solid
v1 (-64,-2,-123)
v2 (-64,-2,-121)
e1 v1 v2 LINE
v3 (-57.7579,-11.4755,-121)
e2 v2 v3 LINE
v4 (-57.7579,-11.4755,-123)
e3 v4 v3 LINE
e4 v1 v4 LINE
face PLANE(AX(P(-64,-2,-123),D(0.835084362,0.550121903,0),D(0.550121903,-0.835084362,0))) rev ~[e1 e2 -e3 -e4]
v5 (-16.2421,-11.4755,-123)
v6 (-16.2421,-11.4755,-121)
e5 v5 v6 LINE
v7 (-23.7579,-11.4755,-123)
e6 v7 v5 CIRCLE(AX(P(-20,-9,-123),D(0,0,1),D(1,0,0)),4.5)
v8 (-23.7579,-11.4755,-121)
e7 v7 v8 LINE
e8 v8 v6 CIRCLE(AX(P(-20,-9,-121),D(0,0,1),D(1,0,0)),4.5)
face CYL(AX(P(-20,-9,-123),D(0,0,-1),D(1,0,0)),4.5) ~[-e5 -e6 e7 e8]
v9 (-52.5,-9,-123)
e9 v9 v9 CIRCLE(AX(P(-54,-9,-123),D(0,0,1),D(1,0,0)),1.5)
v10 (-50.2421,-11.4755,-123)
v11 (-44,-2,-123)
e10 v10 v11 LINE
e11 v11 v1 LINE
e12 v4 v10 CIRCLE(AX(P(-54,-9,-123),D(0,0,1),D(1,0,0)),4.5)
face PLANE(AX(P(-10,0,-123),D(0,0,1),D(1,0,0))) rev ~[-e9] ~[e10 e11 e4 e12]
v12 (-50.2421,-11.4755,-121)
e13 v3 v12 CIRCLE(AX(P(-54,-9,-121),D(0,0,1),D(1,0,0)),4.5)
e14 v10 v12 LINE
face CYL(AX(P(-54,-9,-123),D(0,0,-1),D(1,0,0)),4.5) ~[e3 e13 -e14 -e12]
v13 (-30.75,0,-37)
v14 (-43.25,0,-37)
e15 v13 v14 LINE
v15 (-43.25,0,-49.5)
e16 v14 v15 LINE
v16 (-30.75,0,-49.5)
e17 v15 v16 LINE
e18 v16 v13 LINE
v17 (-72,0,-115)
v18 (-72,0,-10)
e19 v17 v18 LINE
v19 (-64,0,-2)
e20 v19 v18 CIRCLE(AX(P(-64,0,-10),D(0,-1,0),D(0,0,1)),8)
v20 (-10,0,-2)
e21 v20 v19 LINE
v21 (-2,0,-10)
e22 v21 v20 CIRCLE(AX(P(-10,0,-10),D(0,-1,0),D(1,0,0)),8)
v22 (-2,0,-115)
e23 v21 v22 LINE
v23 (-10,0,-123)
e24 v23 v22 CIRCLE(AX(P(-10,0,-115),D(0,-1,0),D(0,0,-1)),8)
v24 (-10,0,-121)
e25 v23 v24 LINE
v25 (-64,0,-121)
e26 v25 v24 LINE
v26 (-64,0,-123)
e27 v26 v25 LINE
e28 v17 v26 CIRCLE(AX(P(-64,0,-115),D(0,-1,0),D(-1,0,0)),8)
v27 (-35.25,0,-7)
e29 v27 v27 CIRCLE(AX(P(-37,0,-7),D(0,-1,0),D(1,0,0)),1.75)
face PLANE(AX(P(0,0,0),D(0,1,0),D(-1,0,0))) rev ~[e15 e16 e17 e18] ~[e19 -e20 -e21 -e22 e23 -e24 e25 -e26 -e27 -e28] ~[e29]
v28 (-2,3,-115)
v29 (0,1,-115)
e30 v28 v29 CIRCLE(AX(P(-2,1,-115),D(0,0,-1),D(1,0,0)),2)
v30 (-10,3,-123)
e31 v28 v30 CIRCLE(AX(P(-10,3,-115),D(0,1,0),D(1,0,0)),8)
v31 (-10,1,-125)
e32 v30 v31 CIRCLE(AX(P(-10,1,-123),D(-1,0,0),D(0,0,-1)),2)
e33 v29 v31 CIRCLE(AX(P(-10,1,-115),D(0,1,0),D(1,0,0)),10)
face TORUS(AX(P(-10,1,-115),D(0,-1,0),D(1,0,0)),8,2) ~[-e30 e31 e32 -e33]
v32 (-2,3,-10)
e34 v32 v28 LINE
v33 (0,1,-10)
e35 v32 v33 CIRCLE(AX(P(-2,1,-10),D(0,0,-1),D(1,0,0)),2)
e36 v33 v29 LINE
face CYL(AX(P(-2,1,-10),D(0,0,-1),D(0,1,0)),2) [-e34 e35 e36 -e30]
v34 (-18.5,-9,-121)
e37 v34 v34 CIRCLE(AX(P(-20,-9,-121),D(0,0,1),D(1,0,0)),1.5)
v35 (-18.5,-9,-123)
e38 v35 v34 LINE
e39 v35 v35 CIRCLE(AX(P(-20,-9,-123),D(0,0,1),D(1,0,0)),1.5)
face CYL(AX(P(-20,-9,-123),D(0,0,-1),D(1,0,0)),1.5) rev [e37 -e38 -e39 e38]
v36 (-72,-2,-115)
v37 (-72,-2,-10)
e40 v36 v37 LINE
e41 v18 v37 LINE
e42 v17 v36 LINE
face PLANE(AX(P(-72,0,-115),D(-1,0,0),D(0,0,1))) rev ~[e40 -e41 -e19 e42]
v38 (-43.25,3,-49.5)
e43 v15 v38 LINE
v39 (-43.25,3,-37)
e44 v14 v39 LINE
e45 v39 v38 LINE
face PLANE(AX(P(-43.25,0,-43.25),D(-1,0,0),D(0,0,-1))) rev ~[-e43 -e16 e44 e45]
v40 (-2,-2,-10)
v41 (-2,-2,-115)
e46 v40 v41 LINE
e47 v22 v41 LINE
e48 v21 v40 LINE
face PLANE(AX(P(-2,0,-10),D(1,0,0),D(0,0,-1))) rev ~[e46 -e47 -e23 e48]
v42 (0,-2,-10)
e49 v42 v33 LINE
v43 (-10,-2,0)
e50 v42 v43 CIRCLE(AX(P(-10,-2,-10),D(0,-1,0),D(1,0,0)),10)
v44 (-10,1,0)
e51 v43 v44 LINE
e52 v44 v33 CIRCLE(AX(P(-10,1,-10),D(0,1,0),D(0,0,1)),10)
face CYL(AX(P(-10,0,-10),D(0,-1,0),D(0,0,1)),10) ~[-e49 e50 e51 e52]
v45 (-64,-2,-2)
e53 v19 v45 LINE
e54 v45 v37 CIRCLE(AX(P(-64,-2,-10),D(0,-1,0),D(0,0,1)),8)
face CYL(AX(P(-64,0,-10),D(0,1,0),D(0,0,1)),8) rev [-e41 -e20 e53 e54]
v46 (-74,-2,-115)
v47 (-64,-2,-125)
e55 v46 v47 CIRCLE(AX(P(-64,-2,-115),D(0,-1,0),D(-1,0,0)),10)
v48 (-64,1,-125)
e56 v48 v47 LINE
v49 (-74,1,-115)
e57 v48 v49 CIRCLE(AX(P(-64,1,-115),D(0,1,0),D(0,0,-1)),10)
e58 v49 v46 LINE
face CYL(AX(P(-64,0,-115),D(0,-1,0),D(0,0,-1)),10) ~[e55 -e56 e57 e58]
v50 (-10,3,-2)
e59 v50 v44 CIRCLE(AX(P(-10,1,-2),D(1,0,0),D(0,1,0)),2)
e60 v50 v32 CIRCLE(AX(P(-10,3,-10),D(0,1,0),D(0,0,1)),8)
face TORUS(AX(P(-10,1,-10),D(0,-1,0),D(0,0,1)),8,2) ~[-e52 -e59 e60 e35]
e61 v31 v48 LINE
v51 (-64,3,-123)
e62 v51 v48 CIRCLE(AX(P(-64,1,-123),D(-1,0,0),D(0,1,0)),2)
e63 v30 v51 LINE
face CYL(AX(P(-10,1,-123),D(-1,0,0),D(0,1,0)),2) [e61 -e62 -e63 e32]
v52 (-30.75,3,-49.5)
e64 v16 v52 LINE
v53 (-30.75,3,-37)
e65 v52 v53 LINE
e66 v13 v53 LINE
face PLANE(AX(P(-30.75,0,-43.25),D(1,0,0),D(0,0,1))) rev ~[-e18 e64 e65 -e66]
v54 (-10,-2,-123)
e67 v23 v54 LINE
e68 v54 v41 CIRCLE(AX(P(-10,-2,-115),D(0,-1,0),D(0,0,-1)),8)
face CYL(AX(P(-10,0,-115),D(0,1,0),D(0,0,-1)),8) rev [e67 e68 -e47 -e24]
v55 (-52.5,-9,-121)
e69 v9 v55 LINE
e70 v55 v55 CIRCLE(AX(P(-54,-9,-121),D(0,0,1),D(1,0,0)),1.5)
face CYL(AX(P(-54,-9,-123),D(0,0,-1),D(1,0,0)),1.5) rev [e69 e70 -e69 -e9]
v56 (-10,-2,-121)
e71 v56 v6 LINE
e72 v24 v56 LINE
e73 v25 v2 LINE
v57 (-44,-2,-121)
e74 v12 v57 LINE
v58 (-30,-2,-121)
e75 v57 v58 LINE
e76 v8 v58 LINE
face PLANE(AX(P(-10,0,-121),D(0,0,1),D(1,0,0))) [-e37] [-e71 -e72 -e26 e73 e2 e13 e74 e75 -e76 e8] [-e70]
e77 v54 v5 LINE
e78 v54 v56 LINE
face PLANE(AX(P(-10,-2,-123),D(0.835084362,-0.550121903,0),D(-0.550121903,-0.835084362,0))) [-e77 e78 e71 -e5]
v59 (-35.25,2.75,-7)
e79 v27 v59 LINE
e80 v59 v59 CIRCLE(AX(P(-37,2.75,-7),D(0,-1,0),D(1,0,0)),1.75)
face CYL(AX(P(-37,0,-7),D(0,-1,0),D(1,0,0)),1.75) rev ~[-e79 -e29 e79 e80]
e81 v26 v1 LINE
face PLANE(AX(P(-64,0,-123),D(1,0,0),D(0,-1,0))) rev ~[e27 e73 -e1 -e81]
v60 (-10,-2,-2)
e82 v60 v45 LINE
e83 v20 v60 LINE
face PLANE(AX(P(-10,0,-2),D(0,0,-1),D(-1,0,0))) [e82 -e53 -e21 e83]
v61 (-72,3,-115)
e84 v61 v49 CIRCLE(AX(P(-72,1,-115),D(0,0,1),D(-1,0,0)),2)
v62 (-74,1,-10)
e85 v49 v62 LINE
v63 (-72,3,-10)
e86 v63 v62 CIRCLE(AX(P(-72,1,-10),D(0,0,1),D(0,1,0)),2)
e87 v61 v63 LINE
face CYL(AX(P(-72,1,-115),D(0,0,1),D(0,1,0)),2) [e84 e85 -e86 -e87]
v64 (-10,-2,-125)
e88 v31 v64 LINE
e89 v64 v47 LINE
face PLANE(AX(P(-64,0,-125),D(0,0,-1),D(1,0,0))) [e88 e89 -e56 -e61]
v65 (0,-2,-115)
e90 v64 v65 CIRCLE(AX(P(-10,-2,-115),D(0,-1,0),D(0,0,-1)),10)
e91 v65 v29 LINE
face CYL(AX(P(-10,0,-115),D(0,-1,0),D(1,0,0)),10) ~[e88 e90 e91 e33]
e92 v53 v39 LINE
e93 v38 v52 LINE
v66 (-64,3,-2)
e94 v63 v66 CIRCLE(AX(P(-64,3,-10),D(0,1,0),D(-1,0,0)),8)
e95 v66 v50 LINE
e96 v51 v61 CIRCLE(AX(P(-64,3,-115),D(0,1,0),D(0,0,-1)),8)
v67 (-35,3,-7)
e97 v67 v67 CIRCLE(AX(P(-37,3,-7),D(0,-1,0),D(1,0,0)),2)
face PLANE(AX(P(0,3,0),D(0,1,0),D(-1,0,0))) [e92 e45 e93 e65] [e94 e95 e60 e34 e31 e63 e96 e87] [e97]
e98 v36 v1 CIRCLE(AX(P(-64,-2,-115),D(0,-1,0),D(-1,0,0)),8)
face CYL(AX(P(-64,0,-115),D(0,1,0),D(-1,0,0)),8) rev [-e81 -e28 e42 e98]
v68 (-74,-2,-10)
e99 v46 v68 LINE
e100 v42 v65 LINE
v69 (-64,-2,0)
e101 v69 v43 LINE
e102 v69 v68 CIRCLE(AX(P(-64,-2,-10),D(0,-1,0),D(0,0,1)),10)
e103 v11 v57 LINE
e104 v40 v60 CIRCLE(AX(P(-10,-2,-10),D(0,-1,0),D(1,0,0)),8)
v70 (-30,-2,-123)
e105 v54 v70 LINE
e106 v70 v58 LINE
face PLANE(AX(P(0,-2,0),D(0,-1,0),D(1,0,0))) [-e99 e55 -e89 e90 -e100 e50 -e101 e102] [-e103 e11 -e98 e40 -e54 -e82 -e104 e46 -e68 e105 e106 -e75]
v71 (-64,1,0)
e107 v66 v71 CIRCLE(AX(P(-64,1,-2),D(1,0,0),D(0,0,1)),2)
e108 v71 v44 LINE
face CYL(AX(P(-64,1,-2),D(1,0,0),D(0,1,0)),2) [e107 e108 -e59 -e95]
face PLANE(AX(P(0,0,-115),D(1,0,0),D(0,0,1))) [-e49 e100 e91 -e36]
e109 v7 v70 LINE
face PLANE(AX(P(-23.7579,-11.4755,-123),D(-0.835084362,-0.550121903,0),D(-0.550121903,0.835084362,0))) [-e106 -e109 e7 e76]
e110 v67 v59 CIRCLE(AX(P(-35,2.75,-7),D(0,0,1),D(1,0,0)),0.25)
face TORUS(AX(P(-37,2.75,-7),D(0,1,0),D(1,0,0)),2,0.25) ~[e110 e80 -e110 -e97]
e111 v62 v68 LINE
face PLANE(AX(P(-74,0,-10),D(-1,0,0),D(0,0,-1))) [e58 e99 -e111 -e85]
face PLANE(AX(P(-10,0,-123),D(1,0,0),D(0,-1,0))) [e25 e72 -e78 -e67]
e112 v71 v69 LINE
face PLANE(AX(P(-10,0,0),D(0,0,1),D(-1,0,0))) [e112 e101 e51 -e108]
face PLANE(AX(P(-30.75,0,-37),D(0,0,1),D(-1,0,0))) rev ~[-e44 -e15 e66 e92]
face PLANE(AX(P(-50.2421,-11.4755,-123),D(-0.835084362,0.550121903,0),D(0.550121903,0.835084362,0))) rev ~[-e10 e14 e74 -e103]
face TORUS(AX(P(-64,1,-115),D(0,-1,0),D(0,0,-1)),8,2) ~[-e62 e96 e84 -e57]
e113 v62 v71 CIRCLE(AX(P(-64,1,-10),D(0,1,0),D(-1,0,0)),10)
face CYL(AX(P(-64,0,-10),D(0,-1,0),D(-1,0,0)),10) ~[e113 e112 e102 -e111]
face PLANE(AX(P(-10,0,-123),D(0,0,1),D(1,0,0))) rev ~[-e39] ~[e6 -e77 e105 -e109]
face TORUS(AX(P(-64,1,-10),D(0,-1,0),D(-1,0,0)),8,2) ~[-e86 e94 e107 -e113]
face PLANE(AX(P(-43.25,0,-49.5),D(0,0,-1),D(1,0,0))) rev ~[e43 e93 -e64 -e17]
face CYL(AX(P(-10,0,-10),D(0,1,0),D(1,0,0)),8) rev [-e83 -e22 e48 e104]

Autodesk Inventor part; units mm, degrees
ref_plane "YZ Plane" through (0, 0, 0) normal (1, 0, 0) x (0, 1, 0)
ref_plane "XZ Plane" through (0, 0, 0) normal (0, 1, 0) x (-1, 0, 0)
ref_plane "XY Plane" through (0, 0, 0) normal (0, 0, 1) x (1, 0, 0)
sketch "Sketch1" plane through (0, 0, 0) normal (0, 1, 0) x (-1, 0, 0)
  line L0 (10, 0) -> (64, 0)
  line L1 (74, -10) -> (74, -115)
  line L2 (64, -125) -> (10, -125)
  line L3 (0, -115) -> (0, -10)
  arc A0 (74, -10) -> (64, 0) centre (64, -10) ccw
  arc A1 (10, 0) -> (0, -10) centre (10, -10) ccw
  arc A2 (0, -115) -> (10, -125) centre (10, -115) ccw
  arc A3 (64, -125) -> (74, -115) centre (64, -115) ccw
  point P0 (0, 0)
  point P1 (74, -125)
  point P2 (0, -125)
  dimension "d0" = 125
  dimension "d1" = 74
  dimension "d2" = 10
extrude "Extrusion1" add sketch "Sketch1" along normal blind 3
sketch "Sketch3" plane through (0, 0, 0) normal (0, -1, 0) x (1, 0, 0)
  line L0 (-64, 0) -> (-10, 0) projected
  arc A0 (-64, 0) -> (-74, -10) centre (-64, -10) ccw projected
  line L1 (-74, -115) -> (-74, -10) projected
  arc A1 (-74, -115) -> (-64, -125) centre (-64, -115) ccw projected
  line L2 (-10, -125) -> (-64, -125) projected
  arc A2 (-10, -125) -> (0, -115) centre (-10, -115) ccw projected
  line L3 (0, -10) -> (0, -115) projected
  arc A3 (0, -10) -> (-10, 0) centre (-10, -10) ccw projected
  line L4 (-10, -2) -> (-64, -2)
  line L5 (-2, -10) -> (-2, -115)
  line L6 (-6.1409, -124.2254) -> (-6.1409, -125)
  line L7 (-72, -115) -> (-72, -10)
  line L8 (-10, -123) -> (-64, -123)
  arc A4 (-2, -10) -> (-10, -2) centre (-10, -10) ccw
  arc A5 (-64, -2) -> (-72, -10) centre (-64, -10) ccw
  arc A6 (-72, -115) -> (-64, -123) centre (-64, -115) ccw
  arc A7 (-10, -123) -> (-2, -115) centre (-10, -115) ccw
  point P0 (0, 0)
  dimension "d5" = 2
  dimension "d6" = 2
  dimension "d7" = 2
  dimension "d8" = 2
  dimension "d10" = 8
extrude "Extrusion2" add sketch "Sketch3" along normal blind 2
sketch "Sketch6" plane through (0, 0, 0) normal (0, -1, 0) x (1, 0, 0)
  arc A0 (-2, -10) -> (-10, -2) centre (-10, -10) ccw projected
  line L0 (-10, -2) -> (-64, -2) projected
  arc A1 (-64, -2) -> (-72, -10) centre (-64, -10) ccw projected
  line L1 (-72, -10) -> (-72, -115) projected
  arc A2 (-72, -115) -> (-64, -123) centre (-64, -115) ccw projected
  line L2 (-64, -123) -> (-10, -123) projected
  arc A3 (-10, -123) -> (-2, -115) centre (-10, -115) ccw projected
  line L3 (-2, -115) -> (-2, -10) projected
  line L4 (-43.25, -49.5) -> (-30.75, -49.5)
  line L5 (-30.75, -49.5) -> (-30.75, -37)
  line L6 (-30.75, -37) -> (-43.25, -37)
  line L7 (-43.25, -37) -> (-43.25, -49.5)
  line L8 (-30.75, -43.25) -> (-2, -43.25)
  line L9 (-43.25, -43.25) -> (-72, -43.25)
  line L10 (-72, -115) -> (-72, -10) projected
  point P0 (0, 0)
  dimension "d28" = 12.5
  dimension "d29" = 12.5
  dimension "d41" = 35
extrude "Extrusion4" cut sketch "Sketch6" against normal up to next contours L5 L4 L7 L6
fillet "Fillet1" radius 2 8 edges at (-2.9289, 3, -122.0711) (-37, 3, -125) (-71.0711, 3, -122.0711) (-74, 3, -62.5) (-71.0711, 3, -2.9289) (-37, 3, 0) (-2.9289, 3, -2.9289) (0, 3, -62.5)
ref_plane "Work Plane1" through (-10, 0, -123) normal (0, 0, 1) x (1, 0, 0)
sketch "Sketch8" plane through (-10, 0, -123) normal (0, 0, 1) x (1, 0, 0)
  line L0 (-54, 0) -> (0, 0) projected
  line L1 (-54, 0) -> (-54, -2) projected
  line L2 (0, -2) -> (-54, -2) projected
  line L3 (0, 0) -> (0, -2) projected
  circle A0 centre (-10, -9) radius 4.5
  line L4 (0, -2) -> (-54, -2) projected
  line L5 (-27, -2) -> (-27, -24.2121)
  line L6 (0, 0) -> (0, -2) projected
  line L7 (0, -2) -> (-6.2421, -11.4755)
  line L8 (-13.7579, -11.4755) -> (-20, -2)
  circle A1 centre (-10, -9) radius 1.5
  line L9 (-54, 0) -> (-54, -2)
  circle A2 centre (-44, -9) radius 4.5
  line L10 (-54, 0) -> (-54, -2)
  line L11 (-54, -2) -> (-47.7579, -11.4755)
  line L12 (-40.2421, -11.4755) -> (-34, -2)
  circle A3 centre (-44, -9) radius 1.5
  line L13 (-34, -2) -> (-54, -2)
  point P0 (10, 0)
  dimension "d34" = 7
  dimension "d35" = 9
  dimension "d36" = 10
  dimension "d37" = 10
  dimension "d38" = 3
extrude "Extrusion5" add sketch "Sketch8" along normal blind 2
sketch "Sketch10" plane through (0, 0, 0) normal (0, -1, 0) x (1, 0, 0)
  line L0 (-10, -2) -> (-64, -2) projected
  line L1 (-37, -2) -> (-37, -7)
  circle A0 centre (-37, -7) radius 1.75
  point P0 (0, 0)
  dimension "d42" = 5
  dimension "d43" = 3.5
extrude "Extrusion6" cut sketch "Sketch10" against normal up to surface (3 mm away)
fillet "Fillet2" radius 0.25 1 edges at (-38.75, 3, -7)
properties part number "Cover" material "PC/ABS Plastic"
